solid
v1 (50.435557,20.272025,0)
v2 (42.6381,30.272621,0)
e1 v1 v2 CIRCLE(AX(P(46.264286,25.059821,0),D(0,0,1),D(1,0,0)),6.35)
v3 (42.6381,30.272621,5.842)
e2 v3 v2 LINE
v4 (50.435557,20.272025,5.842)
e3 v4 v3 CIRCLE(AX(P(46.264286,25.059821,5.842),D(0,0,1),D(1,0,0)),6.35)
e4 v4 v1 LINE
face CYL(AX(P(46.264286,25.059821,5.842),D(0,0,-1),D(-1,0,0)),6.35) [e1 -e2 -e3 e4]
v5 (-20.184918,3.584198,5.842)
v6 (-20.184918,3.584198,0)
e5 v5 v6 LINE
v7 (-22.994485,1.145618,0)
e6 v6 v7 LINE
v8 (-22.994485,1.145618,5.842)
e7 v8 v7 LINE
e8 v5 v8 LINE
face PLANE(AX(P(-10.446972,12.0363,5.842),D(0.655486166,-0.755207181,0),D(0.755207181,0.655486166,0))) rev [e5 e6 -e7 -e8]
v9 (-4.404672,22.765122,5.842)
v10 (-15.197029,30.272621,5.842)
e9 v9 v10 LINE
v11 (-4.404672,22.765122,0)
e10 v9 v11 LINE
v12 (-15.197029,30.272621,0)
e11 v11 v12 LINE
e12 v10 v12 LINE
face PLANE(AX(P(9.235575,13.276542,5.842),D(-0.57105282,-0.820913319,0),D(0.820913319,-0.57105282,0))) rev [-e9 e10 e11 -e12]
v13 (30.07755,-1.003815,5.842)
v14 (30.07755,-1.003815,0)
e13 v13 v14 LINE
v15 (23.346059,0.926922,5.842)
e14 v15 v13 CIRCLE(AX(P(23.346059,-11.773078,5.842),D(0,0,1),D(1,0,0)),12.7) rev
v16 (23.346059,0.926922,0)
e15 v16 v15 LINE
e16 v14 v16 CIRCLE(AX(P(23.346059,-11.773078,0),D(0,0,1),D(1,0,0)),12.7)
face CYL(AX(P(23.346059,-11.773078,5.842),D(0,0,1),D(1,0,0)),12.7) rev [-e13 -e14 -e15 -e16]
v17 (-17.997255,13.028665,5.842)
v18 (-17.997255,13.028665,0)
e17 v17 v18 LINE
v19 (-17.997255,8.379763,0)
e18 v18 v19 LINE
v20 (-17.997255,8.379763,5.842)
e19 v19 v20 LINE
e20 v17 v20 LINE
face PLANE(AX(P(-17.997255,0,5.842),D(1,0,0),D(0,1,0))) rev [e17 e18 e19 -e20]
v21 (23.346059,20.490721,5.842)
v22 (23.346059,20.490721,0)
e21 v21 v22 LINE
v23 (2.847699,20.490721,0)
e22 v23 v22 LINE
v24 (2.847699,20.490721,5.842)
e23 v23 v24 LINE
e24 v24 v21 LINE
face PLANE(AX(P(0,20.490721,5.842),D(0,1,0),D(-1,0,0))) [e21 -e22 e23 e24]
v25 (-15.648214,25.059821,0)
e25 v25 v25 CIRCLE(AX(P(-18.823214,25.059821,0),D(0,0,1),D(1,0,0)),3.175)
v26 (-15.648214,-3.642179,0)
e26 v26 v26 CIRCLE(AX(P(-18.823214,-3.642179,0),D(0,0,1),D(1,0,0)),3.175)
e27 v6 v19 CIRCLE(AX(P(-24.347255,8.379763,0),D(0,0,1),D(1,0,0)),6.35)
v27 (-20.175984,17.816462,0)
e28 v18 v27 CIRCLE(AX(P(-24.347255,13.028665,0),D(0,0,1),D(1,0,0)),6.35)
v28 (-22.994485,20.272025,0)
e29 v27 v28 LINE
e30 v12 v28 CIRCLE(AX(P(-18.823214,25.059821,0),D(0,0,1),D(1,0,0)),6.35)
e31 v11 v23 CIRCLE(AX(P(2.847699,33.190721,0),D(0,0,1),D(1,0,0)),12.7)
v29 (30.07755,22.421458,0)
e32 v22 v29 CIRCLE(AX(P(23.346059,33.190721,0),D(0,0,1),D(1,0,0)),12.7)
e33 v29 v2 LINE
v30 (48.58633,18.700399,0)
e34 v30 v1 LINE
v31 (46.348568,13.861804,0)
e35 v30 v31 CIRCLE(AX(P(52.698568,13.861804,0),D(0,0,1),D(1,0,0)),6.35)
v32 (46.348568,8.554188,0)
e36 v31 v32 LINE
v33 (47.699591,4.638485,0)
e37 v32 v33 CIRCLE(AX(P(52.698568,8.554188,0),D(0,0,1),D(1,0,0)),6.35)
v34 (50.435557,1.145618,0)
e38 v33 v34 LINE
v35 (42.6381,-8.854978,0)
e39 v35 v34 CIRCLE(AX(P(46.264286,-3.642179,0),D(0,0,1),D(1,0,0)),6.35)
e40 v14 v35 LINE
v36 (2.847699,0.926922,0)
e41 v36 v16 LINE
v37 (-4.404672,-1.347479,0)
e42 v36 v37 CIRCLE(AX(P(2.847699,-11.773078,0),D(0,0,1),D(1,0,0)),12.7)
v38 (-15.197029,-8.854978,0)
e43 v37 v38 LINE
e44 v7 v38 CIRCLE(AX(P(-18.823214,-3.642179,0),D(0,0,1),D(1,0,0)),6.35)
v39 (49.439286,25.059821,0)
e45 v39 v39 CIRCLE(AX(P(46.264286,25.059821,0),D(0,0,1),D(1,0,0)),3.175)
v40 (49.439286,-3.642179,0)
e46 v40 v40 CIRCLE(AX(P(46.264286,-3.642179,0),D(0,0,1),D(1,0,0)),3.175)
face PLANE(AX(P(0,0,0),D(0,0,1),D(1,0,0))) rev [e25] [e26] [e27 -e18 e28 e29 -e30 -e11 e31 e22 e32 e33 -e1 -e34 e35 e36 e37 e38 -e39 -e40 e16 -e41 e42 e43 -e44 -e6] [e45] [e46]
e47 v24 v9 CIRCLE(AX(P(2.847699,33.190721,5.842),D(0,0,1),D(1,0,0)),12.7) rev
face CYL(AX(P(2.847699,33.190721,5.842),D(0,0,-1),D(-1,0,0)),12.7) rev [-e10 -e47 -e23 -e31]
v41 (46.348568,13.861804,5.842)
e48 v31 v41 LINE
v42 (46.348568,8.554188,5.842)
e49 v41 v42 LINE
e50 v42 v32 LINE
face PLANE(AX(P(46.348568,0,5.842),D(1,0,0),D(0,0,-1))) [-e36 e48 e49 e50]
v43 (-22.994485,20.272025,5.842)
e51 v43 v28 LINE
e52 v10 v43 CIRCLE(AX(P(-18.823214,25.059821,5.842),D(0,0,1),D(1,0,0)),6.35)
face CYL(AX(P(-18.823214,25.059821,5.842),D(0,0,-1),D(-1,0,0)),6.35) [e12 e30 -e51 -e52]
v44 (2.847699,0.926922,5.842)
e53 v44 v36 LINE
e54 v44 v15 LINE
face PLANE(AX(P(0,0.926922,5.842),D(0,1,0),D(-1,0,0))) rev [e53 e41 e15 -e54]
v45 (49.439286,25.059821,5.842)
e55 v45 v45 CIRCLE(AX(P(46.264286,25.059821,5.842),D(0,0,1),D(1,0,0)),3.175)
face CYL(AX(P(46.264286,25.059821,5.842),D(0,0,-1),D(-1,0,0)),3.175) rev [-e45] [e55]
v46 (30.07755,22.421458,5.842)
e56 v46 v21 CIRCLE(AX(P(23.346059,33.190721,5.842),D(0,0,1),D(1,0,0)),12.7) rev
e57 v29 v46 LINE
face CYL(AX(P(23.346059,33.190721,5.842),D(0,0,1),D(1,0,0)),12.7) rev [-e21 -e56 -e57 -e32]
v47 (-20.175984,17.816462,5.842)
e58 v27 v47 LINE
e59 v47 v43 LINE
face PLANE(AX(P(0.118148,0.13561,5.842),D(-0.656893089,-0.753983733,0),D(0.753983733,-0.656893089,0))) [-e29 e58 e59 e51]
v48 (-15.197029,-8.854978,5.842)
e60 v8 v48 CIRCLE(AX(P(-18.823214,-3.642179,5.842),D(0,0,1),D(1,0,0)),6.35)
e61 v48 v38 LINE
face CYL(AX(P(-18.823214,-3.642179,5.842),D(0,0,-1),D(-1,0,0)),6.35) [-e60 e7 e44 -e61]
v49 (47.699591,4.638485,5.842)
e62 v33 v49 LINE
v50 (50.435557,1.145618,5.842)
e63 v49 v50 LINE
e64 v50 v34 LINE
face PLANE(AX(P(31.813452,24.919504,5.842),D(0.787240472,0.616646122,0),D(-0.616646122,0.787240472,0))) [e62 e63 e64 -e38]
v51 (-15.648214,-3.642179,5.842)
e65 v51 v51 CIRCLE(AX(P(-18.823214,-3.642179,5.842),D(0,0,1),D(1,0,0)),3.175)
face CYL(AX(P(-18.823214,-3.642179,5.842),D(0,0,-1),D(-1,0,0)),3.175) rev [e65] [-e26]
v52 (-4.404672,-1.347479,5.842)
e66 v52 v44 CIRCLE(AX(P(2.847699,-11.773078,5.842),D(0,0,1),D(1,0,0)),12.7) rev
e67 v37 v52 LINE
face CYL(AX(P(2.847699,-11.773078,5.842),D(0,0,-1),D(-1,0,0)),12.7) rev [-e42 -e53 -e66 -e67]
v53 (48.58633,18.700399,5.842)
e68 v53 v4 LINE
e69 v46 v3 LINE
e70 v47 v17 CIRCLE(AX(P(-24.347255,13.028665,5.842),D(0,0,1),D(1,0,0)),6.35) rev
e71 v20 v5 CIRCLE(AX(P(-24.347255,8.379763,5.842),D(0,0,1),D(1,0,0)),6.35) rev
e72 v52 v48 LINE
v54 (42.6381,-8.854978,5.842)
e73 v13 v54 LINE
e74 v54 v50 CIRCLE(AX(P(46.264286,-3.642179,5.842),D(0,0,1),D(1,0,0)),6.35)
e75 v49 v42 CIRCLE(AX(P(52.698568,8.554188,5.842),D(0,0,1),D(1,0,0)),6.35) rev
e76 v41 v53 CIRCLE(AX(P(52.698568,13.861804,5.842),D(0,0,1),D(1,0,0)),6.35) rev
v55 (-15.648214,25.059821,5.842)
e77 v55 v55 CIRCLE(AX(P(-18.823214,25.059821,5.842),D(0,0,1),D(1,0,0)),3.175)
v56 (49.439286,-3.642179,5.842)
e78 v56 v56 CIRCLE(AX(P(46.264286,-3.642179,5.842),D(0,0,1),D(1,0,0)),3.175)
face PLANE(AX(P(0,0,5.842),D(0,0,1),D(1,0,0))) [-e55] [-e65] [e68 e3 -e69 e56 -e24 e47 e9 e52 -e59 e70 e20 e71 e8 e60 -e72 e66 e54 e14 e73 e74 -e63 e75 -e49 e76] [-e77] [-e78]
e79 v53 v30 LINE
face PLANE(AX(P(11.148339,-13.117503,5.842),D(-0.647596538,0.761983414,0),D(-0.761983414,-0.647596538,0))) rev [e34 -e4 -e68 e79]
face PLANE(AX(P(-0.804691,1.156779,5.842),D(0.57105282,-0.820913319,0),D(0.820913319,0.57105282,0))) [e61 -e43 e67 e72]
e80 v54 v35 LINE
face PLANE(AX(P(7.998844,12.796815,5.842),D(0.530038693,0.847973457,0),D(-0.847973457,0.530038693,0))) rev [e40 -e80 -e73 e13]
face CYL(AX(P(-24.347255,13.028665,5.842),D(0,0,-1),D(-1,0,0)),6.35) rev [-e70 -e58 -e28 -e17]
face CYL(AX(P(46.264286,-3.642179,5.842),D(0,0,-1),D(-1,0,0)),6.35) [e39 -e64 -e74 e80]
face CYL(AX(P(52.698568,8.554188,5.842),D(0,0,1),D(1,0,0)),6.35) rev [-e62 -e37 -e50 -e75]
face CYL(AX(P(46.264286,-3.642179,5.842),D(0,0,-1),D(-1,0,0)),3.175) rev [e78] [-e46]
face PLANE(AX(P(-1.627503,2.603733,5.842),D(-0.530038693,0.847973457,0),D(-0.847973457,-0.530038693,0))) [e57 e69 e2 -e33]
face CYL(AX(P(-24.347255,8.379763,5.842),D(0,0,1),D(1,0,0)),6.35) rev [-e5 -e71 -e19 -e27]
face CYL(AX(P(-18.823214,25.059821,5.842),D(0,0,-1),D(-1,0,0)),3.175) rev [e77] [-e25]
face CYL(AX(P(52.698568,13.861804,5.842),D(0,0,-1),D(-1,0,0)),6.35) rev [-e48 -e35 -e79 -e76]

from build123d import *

# Parameters (mm, degrees)
SKETCH1_R           = 3.175
BOSS_EXTRUDE1_DEPTH = 5.842
FILLET1_R           = 6.35
FILLET2_R           = 12.7


with BuildPart() as part:
    # Sketch1 → Boss-Extrude1 (new body)
    with BuildSketch(Plane.XY):
        with BuildLine():
            Line((-22.994485403, 20.272024726), (-17.997254848, 15.918288597))
            Line((-17.997254848, 15.918288597), (-17.997254848, 5.482991472))
            Line((-17.997254848, 5.482991472), (-22.994485403, 1.145618131))
            ThreePointArc((-22.994485403, 1.145618131), (-24.602923257, -1.012071311), (-25.173214286, -3.642178571))
            ThreePointArc((-25.173214286, -3.642178571), (-21.763981419, -9.270178986), (-15.197028879, -8.854978145))
            Line((-15.197028879, -8.854978145), (-1.135121582, 0.926921642))
            Line((-1.135121582, 0.926921642), (26.988693011, 0.926921642))
            Line((26.988693011, 0.926921642), (42.638100307, -8.854978145))
            ThreePointArc((42.638100307, -8.854978145), (49.205052848, -9.270178986), (52.614285714, -3.642178571))
            ThreePointArc((52.614285714, -3.642178571), (52.043994686, -1.012071311), (50.435556832, 1.145618131))
            Line((50.435556832, 1.145618131), (46.348568334, 6.363266694))
            Line((46.348568334, 6.363266694), (46.348568334, 16.798563819))
            Line((46.348568334, 16.798563819), (50.435556832, 20.272024726))
            ThreePointArc((50.435556832, 20.272024726), (51.272005862, 28.964336626), (42.638100307, 30.272621002))
            Line((42.638100307, 30.272621002), (26.988693011, 20.490721215))
            Line((26.988693011, 20.490721215), (-1.135121582, 20.490721215))
            Line((-1.135121582, 20.490721215), (-15.197028879, 30.272621002))
            ThreePointArc((-15.197028879, 30.272621002), (-23.830934433, 28.964336626), (-22.994485403, 20.272024726))
        make_face()
        with Locations((-18.823214286, -3.642178571)):
            Circle(SKETCH1_R, mode=Mode.SUBTRACT)
        with Locations((46.264285714, -3.642178571)):
            Circle(SKETCH1_R, mode=Mode.SUBTRACT)
        with Locations((-18.823214286, 25.059821429)):
            Circle(SKETCH1_R, mode=Mode.SUBTRACT)
        with Locations((46.264285714, 25.059821429)):
            Circle(SKETCH1_R, mode=Mode.SUBTRACT)
    extrude(amount=BOSS_EXTRUDE1_DEPTH)

    # Fillet1
    fillet1_edges = [part.edges().sort_by_distance(p)[0] for p in [
        (-17.997254848, 5.482991472, 2.921),
        (-17.997254848, 15.918288597, 2.921),
        (46.348568334, 16.798563819, 2.921),
        (46.348568334, 6.363266694, 2.921),
    ]]
    fillet(fillet1_edges, radius=FILLET1_R)

    # Fillet2
    fillet2_edges = [part.edges().sort_by_distance(p)[0] for p in [
        (26.988693011, 0.926921642, 2.921),
        (-1.135121582, 0.926921642, 2.921),
        (-1.135121582, 20.490721215, 2.921),
        (26.988693011, 20.490721215, 2.921),
    ]]
    fillet(fillet2_edges, radius=FILLET2_R)


solid = part.part
